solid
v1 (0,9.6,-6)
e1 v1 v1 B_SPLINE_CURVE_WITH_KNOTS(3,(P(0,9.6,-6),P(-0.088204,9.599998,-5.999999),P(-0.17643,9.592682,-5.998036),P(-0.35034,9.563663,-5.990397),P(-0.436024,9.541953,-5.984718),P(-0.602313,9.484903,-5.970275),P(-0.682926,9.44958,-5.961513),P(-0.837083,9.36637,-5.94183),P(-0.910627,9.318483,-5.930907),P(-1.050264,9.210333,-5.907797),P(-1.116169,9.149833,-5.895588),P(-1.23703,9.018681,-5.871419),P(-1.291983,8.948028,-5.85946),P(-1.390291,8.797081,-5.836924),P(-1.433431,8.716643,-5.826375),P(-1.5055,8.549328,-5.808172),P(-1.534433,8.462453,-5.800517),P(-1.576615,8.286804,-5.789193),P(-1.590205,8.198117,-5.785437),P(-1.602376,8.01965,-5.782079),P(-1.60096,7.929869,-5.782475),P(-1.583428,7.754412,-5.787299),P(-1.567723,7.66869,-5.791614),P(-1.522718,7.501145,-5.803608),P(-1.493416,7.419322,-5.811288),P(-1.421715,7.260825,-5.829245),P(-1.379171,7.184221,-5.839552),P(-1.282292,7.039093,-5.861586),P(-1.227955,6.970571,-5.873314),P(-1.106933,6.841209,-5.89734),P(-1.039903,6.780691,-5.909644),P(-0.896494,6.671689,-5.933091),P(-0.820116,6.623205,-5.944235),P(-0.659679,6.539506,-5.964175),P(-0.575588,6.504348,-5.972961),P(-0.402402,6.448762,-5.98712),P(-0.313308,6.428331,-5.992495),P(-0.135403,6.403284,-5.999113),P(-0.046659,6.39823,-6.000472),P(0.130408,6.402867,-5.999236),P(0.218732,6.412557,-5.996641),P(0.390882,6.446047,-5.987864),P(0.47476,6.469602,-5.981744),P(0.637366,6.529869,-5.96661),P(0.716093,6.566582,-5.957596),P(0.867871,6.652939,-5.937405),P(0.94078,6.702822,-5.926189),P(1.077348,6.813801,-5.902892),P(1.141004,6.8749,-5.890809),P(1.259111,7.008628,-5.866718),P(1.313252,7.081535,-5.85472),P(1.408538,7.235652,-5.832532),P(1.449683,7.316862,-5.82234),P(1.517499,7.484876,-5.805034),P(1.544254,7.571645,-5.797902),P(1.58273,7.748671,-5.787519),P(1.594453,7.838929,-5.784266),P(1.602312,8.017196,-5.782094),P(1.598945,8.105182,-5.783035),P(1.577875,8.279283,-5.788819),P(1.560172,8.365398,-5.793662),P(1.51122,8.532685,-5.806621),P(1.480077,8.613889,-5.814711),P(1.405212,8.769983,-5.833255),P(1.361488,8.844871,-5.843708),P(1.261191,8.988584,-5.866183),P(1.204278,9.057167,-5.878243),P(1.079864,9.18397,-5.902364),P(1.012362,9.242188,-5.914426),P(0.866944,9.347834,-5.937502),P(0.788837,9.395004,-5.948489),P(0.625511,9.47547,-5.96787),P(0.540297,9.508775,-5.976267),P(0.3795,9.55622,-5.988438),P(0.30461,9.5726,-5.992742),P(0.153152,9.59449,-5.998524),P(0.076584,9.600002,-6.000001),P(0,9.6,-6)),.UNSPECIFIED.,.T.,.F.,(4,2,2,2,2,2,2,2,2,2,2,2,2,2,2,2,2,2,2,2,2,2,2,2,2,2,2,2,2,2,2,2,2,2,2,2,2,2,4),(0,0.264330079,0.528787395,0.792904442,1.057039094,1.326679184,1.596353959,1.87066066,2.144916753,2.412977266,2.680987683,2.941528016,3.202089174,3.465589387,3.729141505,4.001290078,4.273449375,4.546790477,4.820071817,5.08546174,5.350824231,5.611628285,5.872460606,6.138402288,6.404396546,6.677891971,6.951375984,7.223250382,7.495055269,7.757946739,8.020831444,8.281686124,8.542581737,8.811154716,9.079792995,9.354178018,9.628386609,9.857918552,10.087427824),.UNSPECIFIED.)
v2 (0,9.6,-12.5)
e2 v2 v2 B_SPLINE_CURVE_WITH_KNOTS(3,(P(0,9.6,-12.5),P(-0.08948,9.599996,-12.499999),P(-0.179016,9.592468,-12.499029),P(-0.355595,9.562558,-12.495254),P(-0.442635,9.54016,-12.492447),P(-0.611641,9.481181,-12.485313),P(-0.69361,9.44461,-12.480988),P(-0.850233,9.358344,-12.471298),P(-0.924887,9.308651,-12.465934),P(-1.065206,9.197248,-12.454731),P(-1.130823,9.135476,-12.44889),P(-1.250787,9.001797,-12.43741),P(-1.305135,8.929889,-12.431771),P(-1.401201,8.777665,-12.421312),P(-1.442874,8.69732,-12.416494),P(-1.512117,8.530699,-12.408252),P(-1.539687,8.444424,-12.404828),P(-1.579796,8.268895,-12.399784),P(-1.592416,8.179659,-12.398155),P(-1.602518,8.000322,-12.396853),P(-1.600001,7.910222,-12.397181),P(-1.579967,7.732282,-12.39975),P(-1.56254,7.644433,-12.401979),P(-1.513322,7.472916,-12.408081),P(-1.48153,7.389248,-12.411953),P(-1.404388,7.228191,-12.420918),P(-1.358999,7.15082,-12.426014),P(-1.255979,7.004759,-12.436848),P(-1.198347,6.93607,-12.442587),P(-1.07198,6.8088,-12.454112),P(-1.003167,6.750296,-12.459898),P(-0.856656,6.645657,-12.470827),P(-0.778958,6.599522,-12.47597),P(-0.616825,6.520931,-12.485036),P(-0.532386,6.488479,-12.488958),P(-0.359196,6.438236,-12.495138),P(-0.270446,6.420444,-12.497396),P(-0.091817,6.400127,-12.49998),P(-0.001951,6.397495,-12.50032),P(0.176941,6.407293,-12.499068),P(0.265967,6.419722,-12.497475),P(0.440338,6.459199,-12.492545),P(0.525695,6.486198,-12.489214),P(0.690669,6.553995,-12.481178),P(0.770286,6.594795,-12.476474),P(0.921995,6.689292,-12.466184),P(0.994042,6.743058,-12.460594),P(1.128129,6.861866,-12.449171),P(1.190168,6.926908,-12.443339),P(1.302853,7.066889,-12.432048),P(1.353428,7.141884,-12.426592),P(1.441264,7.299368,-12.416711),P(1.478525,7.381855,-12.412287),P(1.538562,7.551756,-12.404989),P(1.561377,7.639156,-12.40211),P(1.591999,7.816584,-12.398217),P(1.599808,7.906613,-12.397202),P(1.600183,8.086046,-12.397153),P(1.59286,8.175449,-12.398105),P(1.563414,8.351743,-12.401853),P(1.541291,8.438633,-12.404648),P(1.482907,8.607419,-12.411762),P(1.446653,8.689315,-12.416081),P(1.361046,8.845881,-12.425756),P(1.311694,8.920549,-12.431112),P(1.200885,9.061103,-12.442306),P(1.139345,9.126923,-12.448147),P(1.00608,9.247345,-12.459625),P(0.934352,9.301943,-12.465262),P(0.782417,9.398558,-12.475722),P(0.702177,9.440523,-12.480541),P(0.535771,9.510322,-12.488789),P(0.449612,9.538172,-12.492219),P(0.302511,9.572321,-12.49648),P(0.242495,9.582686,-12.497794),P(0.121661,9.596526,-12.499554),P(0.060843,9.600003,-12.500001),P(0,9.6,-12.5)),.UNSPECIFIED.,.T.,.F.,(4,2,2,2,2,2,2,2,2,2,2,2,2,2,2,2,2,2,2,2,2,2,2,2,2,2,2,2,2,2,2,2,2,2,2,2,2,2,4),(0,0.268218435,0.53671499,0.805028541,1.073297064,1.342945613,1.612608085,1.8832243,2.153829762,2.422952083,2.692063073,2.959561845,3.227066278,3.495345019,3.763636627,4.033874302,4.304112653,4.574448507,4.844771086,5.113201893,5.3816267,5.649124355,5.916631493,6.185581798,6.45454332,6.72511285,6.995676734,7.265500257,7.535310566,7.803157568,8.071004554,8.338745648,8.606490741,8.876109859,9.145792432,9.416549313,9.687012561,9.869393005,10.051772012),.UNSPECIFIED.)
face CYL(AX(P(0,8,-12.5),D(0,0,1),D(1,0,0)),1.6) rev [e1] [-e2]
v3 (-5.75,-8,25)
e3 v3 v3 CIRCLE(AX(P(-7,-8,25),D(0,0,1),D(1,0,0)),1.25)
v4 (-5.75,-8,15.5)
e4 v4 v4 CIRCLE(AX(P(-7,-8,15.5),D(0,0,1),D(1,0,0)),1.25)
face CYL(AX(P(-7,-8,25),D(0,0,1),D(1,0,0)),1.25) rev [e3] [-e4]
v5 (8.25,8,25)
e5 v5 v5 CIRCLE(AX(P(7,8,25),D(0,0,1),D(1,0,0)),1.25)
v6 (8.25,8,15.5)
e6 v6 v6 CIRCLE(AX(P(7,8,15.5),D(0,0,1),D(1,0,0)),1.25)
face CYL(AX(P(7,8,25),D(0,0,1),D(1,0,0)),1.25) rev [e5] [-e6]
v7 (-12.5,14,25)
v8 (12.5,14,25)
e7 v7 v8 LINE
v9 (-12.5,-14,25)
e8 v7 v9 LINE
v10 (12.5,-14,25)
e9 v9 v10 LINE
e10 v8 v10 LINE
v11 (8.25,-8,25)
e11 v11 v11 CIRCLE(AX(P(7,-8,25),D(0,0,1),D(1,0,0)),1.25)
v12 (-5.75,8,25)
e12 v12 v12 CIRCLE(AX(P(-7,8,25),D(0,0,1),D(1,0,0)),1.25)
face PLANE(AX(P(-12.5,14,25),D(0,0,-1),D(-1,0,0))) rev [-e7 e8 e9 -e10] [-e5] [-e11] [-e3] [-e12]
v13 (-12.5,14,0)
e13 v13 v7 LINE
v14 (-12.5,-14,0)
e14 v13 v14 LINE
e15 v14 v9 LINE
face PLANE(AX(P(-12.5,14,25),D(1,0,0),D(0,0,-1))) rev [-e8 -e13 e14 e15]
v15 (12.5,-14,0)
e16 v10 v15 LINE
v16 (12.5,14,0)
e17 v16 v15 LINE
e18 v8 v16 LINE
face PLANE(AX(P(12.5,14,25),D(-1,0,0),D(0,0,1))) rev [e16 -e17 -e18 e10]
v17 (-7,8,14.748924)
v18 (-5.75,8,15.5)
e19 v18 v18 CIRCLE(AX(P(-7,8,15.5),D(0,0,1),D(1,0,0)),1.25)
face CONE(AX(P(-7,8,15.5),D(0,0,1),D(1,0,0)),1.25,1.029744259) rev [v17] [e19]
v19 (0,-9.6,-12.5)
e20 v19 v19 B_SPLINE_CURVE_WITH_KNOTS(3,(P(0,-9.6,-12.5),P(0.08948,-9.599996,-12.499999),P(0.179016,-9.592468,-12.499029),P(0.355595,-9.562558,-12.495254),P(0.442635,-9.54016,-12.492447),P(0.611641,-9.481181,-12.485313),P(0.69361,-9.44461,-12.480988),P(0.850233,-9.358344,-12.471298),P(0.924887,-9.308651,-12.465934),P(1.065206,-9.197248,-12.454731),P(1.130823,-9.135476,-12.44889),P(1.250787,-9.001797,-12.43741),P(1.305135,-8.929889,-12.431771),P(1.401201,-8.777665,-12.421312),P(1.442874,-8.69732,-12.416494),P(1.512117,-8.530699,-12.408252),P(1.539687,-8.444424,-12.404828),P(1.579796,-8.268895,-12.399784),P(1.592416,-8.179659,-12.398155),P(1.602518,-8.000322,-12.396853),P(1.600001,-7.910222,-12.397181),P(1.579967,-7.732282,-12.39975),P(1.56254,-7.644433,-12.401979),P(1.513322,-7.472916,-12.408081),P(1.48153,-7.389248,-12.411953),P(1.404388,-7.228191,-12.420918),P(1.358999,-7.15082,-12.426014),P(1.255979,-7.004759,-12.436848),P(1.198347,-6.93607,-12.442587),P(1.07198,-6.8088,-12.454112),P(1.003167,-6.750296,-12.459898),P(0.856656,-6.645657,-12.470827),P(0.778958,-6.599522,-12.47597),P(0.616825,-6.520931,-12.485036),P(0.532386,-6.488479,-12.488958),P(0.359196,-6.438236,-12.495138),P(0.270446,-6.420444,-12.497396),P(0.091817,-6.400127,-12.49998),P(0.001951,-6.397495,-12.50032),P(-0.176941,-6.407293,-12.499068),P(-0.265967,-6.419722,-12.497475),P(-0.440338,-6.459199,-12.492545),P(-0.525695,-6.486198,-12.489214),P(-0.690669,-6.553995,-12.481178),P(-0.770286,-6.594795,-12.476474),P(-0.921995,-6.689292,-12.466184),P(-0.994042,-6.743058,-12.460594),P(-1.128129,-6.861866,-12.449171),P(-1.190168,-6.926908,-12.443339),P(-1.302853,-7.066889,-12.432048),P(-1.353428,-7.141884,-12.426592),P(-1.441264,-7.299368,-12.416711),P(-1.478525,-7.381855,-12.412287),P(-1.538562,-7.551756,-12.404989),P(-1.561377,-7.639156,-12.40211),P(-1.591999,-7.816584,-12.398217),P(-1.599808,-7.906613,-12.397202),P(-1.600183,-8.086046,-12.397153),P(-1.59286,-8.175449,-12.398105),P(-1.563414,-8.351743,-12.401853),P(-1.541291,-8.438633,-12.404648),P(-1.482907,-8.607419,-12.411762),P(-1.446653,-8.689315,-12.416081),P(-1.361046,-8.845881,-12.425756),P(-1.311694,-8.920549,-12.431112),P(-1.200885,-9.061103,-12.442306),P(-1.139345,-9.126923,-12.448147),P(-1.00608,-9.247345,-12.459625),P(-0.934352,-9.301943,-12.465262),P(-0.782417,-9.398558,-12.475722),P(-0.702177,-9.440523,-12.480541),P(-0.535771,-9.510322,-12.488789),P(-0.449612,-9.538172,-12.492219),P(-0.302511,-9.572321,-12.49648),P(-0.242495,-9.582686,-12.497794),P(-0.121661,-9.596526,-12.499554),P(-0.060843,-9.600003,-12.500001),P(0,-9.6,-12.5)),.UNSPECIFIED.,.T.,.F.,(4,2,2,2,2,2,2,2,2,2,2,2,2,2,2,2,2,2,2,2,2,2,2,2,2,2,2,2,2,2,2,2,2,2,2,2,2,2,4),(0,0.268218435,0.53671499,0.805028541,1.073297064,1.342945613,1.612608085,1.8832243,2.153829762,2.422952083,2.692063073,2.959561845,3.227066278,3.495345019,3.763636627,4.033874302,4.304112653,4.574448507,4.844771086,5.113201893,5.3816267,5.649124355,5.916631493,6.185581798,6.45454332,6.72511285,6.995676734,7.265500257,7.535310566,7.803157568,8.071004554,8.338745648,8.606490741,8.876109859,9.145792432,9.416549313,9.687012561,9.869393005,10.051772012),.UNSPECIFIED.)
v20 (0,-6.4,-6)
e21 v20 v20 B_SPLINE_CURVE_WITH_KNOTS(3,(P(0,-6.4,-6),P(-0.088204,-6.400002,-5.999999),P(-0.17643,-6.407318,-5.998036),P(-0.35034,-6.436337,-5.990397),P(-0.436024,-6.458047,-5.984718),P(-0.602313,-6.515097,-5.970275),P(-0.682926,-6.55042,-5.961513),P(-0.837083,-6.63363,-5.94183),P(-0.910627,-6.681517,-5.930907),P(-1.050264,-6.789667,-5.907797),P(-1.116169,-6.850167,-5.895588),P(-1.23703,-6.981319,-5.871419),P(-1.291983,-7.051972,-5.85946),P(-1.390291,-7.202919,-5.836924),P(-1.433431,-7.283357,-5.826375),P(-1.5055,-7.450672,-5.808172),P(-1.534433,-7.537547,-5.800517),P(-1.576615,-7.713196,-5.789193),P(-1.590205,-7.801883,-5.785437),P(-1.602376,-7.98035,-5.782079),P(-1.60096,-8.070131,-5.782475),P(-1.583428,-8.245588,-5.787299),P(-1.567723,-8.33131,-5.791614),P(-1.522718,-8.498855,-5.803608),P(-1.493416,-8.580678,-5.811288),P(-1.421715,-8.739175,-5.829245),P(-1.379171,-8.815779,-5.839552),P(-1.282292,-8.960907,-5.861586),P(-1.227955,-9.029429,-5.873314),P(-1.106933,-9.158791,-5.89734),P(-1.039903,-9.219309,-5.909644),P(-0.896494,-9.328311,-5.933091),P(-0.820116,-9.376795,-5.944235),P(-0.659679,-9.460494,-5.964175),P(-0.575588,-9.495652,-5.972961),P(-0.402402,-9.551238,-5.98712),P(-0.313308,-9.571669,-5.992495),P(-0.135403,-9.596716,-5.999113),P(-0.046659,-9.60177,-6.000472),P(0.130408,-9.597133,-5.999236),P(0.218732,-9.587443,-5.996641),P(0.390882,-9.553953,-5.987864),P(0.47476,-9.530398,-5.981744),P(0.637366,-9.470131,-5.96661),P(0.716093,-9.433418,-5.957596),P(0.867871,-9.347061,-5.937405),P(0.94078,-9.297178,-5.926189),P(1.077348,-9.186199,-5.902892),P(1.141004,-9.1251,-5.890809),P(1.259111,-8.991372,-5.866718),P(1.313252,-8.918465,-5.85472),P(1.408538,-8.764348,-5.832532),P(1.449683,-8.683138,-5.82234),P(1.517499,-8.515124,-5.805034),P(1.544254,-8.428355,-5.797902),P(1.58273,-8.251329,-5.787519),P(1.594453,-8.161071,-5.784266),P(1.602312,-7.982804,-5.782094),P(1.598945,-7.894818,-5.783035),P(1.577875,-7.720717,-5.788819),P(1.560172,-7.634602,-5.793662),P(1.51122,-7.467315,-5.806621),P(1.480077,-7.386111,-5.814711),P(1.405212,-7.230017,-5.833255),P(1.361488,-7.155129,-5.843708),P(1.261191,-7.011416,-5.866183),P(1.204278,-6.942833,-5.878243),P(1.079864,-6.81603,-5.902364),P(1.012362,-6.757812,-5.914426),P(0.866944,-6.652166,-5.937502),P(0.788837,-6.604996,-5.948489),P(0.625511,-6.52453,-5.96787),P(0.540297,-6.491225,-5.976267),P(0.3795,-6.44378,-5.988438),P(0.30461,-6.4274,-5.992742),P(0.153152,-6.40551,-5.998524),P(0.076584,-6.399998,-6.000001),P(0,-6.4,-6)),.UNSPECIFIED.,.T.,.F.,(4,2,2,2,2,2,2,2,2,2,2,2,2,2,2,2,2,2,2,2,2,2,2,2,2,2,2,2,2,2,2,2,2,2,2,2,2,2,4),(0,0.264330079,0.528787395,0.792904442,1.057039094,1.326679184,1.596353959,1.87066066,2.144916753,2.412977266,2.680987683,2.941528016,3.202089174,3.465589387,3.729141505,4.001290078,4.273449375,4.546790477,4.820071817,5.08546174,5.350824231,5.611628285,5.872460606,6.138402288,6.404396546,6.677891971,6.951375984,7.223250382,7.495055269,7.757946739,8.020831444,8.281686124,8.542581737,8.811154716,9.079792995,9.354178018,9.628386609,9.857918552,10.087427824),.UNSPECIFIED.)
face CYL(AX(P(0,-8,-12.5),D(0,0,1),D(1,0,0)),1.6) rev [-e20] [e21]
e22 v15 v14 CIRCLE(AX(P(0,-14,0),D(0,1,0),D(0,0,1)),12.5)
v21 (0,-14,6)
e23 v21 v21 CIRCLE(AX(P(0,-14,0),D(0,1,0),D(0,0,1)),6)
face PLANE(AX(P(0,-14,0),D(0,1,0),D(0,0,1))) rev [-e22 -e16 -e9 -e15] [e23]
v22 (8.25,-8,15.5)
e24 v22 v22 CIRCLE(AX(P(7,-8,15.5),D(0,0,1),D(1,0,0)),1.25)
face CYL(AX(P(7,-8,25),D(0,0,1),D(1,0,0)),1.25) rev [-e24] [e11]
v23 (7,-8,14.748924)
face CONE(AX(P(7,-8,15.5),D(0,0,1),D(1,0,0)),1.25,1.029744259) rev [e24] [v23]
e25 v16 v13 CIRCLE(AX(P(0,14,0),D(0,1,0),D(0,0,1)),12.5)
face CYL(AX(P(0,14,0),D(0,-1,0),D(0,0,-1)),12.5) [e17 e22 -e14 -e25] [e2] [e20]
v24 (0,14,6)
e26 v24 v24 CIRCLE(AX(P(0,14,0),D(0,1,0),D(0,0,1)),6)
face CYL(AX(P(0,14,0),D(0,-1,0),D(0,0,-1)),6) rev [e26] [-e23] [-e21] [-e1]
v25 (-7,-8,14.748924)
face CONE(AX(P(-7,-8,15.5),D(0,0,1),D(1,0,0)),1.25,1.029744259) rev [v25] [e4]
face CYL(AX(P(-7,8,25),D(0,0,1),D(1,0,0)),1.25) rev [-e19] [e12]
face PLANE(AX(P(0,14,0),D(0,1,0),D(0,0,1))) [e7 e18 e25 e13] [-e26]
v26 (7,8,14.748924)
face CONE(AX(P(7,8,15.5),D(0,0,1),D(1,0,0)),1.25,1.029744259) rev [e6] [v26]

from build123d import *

# Parameters (mm, degrees)
SKETCH_1_R             = 6
EXTRUDE_1_DEPTH        = 14
SKETCH_7_R             = 1.6
CUT_EXTRUDE_2_DEPTH    = 32.260998065
HOLE_WIZARD_M3_1_D     = 2.5
HOLE_WIZARD_M3_1_DEPTH = 9.5
HOLE_WIZARD_M3_1_TIP   = 0.751075774


with BuildPart() as part:
    # 草图1 → 凸台-拉伸1 (new, symmetric)
    with BuildSketch(Plane(origin=(0, 0, 0), x_dir=(1, 0, 0), z_dir=(0, 1, 0))):
        with BuildLine():
            Line((-12.5, -25), (12.5, -25))
            Line((12.5, -25), (12.5, 0))
            ThreePointArc((12.5, 0), (0, 12.5), (-12.5, 0))
            Line((-12.5, 0), (-12.5, -25))
        make_face()
        with Locations(Location((0, 0, 0), (0, 0, 270))):
            Circle(SKETCH_1_R, mode=Mode.SUBTRACT)
    extrude(amount=EXTRUDE_1_DEPTH, both=True)

    # 草图7 → 切除-拉伸2 (cut, through all)
    with BuildSketch(Plane.XY):
        with Locations(Location((0, -8, 0), (0, 0, 90))):
            Circle(SKETCH_7_R)
        with Locations(Location((0, 8, 0), (0, 0, 90))):
            Circle(SKETCH_7_R)
    extrude(amount=-CUT_EXTRUDE_2_DEPTH, mode=Mode.SUBTRACT)

    # M3 螺纹孔1
    with Locations(Plane(origin=(-7, -8, 25), x_dir=(1, 0, 0), z_dir=(0, 0, 1))):
        with Locations((0, 0), (14, 0), (14, 16), (0, 16)):
            Hole(HOLE_WIZARD_M3_1_D / 2, depth=HOLE_WIZARD_M3_1_DEPTH)
            with Locations((0, 0, -(HOLE_WIZARD_M3_1_DEPTH + HOLE_WIZARD_M3_1_TIP / 2))):  # 118° drill point
                Cone(0, HOLE_WIZARD_M3_1_D / 2, HOLE_WIZARD_M3_1_TIP, mode=Mode.SUBTRACT)


solid = part.part
